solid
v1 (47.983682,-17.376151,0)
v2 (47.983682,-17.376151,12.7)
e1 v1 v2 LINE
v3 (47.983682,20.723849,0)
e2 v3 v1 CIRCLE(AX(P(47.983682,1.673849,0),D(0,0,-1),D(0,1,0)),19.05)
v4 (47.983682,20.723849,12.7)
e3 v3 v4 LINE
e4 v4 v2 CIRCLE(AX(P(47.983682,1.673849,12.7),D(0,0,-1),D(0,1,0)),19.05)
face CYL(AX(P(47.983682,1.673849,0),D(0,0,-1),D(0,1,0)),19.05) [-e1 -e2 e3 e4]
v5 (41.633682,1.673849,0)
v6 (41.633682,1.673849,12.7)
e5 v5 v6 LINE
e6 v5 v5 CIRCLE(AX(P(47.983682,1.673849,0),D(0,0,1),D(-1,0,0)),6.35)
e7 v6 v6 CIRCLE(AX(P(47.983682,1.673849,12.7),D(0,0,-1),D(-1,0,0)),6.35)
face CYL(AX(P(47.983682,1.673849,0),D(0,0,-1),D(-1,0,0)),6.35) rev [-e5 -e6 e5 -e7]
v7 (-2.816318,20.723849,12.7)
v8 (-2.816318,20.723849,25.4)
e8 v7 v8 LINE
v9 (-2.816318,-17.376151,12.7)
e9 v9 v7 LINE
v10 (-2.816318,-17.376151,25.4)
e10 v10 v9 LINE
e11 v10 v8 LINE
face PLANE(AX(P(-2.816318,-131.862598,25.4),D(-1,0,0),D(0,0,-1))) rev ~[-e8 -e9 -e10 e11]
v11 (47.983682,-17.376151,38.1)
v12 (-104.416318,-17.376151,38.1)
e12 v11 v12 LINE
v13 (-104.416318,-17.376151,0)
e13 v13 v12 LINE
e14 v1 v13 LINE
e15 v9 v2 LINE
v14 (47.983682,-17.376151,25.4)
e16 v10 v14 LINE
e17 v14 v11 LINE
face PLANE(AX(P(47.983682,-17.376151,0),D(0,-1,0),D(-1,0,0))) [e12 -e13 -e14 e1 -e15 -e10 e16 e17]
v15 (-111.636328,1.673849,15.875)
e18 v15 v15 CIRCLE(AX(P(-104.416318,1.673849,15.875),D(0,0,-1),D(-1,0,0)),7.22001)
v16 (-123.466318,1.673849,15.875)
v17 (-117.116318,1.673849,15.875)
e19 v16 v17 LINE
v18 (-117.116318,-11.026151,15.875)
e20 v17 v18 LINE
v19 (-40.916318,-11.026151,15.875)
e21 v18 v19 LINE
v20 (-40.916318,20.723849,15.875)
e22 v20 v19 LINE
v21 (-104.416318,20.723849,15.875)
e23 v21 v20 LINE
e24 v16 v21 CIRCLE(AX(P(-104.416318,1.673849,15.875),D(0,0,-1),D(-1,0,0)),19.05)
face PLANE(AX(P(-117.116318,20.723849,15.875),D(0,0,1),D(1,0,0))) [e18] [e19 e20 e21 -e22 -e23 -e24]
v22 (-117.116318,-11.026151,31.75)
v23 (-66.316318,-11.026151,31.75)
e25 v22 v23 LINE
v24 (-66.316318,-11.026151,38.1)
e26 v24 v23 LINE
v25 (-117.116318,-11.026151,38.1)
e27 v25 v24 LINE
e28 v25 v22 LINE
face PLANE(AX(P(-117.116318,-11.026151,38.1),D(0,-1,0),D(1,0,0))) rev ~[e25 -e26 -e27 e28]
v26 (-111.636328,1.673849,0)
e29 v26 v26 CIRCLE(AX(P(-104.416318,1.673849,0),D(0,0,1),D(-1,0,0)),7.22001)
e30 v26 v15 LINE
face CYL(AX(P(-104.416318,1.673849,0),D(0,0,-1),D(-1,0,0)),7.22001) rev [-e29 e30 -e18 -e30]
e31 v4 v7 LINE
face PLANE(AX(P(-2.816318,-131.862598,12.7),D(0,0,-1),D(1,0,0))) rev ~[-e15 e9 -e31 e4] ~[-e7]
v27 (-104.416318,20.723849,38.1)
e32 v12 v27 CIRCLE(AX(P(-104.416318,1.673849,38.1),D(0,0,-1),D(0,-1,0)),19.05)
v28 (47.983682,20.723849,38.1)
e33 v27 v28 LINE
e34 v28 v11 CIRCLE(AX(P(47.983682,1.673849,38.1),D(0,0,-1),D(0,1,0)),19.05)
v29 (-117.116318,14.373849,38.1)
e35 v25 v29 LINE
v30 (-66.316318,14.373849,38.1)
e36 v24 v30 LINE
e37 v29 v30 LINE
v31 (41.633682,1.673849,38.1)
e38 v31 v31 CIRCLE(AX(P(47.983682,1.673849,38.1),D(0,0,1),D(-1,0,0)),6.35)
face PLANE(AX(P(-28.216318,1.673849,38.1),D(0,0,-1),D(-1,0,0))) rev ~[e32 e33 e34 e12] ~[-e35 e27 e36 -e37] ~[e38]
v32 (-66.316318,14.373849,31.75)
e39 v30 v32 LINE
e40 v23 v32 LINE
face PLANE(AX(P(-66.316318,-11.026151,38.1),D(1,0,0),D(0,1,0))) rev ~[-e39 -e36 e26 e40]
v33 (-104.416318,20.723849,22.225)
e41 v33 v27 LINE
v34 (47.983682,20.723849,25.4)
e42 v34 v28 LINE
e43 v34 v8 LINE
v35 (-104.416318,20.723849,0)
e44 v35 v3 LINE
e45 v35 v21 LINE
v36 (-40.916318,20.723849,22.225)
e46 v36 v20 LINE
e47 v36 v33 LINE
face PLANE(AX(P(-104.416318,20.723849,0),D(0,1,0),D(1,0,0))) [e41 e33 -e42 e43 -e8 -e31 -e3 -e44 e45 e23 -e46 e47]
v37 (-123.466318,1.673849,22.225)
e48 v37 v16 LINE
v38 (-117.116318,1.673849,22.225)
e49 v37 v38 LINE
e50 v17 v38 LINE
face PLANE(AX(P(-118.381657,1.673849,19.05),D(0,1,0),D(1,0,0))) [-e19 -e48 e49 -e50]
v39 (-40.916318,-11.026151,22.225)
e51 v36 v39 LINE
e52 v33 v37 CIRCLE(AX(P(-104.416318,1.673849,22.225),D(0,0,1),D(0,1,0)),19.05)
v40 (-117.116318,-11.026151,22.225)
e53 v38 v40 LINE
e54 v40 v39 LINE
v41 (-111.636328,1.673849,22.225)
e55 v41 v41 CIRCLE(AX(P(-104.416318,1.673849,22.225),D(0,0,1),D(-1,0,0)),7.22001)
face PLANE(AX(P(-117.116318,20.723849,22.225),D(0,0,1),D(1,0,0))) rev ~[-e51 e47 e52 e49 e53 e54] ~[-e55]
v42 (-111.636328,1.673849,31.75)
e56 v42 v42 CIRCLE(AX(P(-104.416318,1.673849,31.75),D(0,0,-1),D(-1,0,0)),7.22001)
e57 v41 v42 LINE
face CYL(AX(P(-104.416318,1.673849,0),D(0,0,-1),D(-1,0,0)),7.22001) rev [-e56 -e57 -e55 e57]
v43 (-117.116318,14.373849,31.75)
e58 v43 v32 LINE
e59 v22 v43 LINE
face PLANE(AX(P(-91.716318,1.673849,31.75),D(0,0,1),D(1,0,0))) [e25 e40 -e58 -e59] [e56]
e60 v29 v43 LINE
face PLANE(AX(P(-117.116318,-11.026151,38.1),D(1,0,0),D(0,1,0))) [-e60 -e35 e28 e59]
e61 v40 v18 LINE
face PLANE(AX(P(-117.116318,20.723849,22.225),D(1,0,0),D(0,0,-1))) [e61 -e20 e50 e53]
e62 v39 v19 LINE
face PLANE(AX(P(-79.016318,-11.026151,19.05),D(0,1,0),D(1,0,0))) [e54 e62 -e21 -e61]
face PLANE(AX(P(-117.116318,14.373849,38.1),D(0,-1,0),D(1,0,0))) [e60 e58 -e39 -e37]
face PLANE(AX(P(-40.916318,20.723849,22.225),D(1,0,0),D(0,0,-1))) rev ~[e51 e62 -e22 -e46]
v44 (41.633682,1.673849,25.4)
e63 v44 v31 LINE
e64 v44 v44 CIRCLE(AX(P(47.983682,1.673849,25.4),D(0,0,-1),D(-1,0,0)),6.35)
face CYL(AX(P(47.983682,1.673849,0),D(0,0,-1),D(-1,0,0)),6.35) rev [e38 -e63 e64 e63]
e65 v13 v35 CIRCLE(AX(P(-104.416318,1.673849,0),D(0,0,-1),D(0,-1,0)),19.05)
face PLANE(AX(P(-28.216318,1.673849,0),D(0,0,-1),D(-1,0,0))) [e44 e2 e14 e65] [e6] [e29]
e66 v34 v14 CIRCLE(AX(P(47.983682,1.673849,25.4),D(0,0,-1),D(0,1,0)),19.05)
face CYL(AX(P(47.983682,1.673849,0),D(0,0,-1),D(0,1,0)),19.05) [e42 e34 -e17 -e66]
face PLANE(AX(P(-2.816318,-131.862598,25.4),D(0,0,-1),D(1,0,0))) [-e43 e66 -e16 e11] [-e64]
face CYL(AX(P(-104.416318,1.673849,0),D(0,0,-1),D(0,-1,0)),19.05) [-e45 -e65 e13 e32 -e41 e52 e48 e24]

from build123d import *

# Parameters (mm, degrees)
SKETCH1_R               = 6.35
SKETCH1_R_2             = 7.220009846
BOSS_EXTRUDE1_DEPTH     = 38.1
SKETCH2_W               = 50.8
SKETCH2_H               = 25.4
CUT_EXTRUDE1_DEPTH      = 6.35
CUT_EXTRUDE2_DEPTH      = 131.862598214
CUT_EXTRUDE2_DEPTH_BACK = 131.862598214
SKETCH5_W               = 76.2
SKETCH5_H               = 12.7
SKETCH4_W               = 76.2
SKETCH4_H               = 6.35
CUT_EXTRUDE3_DEPTH      = 31.75
SKETCH7_W               = 32.699691946
SKETCH7_H               = 6.35
CUT_EXTRUDE4_DEPTH      = 19.05


with BuildPart() as part:
    # Sketch1 → Boss-Extrude1 (new body)
    with BuildSketch(Plane.XY):
        with BuildLine():
            Line((-104.416317992, 20.723849372), (47.983682008, 20.723849372))
            ThreePointArc((47.983682008, 20.723849372), (67.033682008, 1.673849372), (47.983682008, -17.376150628))
            Line((47.983682008, -17.376150628), (-104.416317992, -17.376150628))
            ThreePointArc((-104.416317992, -17.376150628), (-123.466317992, 1.673849372), (-104.416317992, 20.723849372))
        make_face()
        with Locations(Location((47.983682008, 1.673849372, 0), (0, 0, 180))):
            Circle(SKETCH1_R, mode=Mode.SUBTRACT)
        with Locations(Location((-104.416317992, 1.673849372, 0), (0, 0, 180))):
            Circle(SKETCH1_R_2, mode=Mode.SUBTRACT)
    extrude(amount=BOSS_EXTRUDE1_DEPTH)

    # Sketch2 → Cut-Extrude1 (cut)
    with BuildSketch(Plane.XY.offset(38.1)):
        with Locations((-91.716317992, 1.673849372)):
            Rectangle(SKETCH2_W, SKETCH2_H)
    extrude(amount=-CUT_EXTRUDE1_DEPTH, mode=Mode.SUBTRACT)

    # Sketch5 → Cut-Extrude2 (cut, two sides: drawn at the far end of the back side and taken through both)
    with BuildSketch(Plane(origin=(0, 0, 0), x_dir=(1, 0, 0), z_dir=(0, 1, 0)).offset(-CUT_EXTRUDE2_DEPTH_BACK)):
        with Locations((35.283682008, -19.05)):
            Rectangle(SKETCH5_W, SKETCH5_H)
    extrude(amount=CUT_EXTRUDE2_DEPTH + CUT_EXTRUDE2_DEPTH_BACK, mode=Mode.SUBTRACT)

    # Sketch4 → Cut-Extrude3 (cut)
    with BuildSketch(Plane(origin=(0, 20.723849372, 0), x_dir=(1, 0, 0), z_dir=(0, 1, 0))):
        with Locations((-79.016317992, -19.05)):
            Rectangle(SKETCH4_W, SKETCH4_H)
    extrude(amount=-CUT_EXTRUDE3_DEPTH, mode=Mode.SUBTRACT)

    # Sketch7 → Cut-Extrude4 (cut)
    with BuildSketch(Plane(origin=(0, 20.723849372, 0), x_dir=(1, 0, 0), z_dir=(0, 1, 0))):
        with Locations((-118.381657109, -19.05)):
            Rectangle(SKETCH7_W, SKETCH7_H)
    extrude(amount=-CUT_EXTRUDE4_DEPTH, mode=Mode.SUBTRACT)


solid = part.part
